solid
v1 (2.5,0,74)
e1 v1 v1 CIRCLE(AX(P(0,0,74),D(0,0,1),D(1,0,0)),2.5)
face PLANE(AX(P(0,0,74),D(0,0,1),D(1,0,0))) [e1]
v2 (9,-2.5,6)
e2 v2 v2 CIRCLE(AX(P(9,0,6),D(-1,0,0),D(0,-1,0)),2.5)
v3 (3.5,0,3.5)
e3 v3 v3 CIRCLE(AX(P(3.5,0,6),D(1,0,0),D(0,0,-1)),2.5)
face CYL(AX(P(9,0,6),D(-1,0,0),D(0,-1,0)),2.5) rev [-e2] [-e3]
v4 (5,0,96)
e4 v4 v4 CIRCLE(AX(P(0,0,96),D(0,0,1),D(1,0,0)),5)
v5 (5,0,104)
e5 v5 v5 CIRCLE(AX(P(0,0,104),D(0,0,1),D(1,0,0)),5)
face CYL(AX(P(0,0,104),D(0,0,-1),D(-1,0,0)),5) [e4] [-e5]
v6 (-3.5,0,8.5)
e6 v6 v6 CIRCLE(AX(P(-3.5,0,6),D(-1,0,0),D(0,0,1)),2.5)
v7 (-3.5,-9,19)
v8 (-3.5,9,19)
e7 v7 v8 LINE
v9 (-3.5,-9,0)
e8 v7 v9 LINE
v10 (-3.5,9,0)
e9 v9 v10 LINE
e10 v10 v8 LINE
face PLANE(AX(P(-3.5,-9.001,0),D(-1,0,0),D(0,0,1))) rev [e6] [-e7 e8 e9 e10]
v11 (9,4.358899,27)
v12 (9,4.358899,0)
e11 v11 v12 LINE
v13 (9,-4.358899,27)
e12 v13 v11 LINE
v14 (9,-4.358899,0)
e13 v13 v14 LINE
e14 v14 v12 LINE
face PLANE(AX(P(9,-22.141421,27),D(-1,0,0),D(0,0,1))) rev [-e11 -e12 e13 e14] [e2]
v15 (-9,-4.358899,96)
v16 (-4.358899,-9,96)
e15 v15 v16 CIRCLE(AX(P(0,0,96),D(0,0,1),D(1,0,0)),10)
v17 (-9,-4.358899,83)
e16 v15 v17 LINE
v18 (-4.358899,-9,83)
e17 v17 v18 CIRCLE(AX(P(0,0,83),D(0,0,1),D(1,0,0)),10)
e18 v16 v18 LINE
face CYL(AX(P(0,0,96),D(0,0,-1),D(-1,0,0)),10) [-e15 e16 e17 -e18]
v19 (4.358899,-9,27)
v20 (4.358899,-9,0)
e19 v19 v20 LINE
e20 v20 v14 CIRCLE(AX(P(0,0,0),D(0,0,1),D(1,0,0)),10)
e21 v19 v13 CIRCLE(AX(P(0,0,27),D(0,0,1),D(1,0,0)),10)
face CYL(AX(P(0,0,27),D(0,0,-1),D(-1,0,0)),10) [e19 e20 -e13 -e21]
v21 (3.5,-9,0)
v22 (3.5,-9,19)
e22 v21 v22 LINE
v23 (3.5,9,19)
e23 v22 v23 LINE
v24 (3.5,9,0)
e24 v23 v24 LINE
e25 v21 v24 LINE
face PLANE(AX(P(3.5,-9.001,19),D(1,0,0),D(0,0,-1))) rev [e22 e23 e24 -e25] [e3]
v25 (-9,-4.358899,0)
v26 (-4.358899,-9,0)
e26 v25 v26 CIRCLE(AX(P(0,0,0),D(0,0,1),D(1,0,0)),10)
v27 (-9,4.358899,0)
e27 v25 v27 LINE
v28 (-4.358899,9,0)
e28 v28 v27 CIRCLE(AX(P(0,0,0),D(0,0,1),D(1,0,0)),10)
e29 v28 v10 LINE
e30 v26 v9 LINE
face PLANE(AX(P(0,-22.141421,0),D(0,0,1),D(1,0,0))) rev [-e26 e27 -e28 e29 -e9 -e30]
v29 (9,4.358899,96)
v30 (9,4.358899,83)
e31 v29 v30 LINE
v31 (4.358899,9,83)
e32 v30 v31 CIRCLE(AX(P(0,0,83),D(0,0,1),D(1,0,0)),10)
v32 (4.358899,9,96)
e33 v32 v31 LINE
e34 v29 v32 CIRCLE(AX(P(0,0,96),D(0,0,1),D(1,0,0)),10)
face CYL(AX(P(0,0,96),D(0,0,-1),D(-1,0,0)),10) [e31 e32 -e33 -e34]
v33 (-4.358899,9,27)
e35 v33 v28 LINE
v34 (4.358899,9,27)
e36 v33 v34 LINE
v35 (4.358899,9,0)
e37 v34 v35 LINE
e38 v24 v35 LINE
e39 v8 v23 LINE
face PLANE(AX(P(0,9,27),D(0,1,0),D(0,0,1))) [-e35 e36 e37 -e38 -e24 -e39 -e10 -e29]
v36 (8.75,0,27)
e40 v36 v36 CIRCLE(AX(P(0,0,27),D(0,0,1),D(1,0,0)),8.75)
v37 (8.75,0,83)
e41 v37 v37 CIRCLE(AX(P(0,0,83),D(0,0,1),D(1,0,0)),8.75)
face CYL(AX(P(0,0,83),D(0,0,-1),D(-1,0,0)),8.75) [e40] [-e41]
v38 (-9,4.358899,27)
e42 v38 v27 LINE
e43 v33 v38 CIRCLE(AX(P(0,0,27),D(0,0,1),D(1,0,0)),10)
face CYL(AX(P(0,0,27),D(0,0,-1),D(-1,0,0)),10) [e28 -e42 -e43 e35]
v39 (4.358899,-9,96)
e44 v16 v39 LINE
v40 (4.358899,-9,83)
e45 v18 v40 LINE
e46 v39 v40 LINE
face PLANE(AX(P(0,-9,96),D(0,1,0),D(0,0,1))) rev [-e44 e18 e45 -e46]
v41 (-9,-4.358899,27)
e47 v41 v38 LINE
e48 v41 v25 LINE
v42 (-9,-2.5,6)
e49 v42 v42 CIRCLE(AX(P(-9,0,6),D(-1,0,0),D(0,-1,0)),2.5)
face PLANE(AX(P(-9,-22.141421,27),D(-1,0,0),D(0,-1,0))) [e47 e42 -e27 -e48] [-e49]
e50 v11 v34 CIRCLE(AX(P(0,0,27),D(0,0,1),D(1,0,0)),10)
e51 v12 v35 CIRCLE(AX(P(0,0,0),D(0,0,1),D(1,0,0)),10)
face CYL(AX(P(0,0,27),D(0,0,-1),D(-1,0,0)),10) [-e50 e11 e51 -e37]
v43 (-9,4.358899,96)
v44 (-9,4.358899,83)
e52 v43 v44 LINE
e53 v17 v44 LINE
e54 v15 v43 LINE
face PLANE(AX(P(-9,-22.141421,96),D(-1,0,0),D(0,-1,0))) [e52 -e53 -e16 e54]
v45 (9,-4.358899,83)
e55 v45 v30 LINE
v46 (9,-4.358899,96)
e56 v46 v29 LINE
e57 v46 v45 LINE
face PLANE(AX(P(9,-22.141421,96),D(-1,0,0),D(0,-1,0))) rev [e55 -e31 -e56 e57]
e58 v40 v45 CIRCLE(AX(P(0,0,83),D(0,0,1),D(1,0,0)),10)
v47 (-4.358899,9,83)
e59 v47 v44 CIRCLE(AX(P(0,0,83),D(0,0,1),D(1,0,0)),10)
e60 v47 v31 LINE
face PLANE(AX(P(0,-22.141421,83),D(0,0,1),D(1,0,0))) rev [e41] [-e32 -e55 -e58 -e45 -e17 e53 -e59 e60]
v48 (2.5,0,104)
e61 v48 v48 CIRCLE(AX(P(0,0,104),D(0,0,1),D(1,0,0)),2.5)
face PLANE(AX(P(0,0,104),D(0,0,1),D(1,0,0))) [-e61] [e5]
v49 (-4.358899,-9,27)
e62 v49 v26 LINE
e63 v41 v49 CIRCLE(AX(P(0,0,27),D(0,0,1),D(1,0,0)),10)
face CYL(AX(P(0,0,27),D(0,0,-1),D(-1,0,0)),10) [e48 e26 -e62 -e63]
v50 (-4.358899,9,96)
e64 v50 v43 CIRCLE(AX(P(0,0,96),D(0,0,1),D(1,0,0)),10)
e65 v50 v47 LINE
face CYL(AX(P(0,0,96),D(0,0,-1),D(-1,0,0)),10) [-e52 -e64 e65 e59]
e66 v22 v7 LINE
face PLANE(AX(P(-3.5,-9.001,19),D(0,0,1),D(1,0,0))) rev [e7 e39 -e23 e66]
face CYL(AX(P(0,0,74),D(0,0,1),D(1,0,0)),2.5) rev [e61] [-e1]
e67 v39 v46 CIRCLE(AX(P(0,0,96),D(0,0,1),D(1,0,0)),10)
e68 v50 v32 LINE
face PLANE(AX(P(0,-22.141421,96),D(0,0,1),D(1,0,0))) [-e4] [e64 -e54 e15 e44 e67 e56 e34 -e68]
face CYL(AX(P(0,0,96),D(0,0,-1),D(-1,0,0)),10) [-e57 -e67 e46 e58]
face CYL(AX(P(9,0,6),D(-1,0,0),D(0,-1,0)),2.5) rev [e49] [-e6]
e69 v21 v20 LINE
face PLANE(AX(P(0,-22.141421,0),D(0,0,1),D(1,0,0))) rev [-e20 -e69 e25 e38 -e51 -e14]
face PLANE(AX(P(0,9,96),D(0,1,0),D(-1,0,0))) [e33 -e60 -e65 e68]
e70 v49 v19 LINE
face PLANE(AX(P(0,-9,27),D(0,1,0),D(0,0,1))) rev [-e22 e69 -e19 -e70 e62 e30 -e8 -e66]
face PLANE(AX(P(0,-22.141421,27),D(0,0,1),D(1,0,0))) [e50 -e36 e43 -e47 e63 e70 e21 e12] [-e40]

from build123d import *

# Parameters (mm, degrees)
BOSS_EXTRUDE1_DEPTH = 27
SKETCH2_R           = 8.75
BOSS_EXTRUDE2_DEPTH = 56
SKETCH3_R           = 8.75
BOSS_EXTRUDE3_DEPTH = 13
SKETCH4_R           = 5
BOSS_EXTRUDE4_DEPTH = 8
SKETCH6_R           = 2.5
CUT_EXTRUDE1_DEPTH  = 30
CUT_EXTRUDE2_REACH  = 107.929
SKETCH8_R           = 2.5
CUT_EXTRUDE3_DEPTH  = 106.929221653


with BuildPart() as part:
    # Sketch1 → Boss-Extrude1 (new body)
    with BuildSketch(Plane.XY):
        with BuildLine():
            ThreePointArc((-9, -4.358898944), (-7.071067812, -7.071067812), (-4.358898944, -9))
            Line((-4.358898944, -9), (4.358898944, -9))
            ThreePointArc((4.358898944, -9), (7.071067812, -7.071067812), (9, -4.358898944))
            Line((9, -4.358898944), (9, 4.358898944))
            ThreePointArc((9, 4.358898944), (7.071067812, 7.071067812), (4.358898944, 9))
            Line((4.358898944, 9), (-4.358898944, 9))
            ThreePointArc((-4.358898944, 9), (-7.071067812, 7.071067812), (-9, 4.358898944))
            Line((-9, 4.358898944), (-9, -4.358898944))
        make_face()
    extrude(amount=BOSS_EXTRUDE1_DEPTH)

    # Sketch2 → Boss-Extrude2 (add)
    with BuildSketch(Plane.XY.offset(27)):
        Circle(SKETCH2_R)
    extrude(amount=BOSS_EXTRUDE2_DEPTH)

    # Sketch3 → Boss-Extrude3 (add)
    # profile 1 of 2: a face of its own
    with BuildSketch(Plane.XY.offset(83)):
        with BuildLine():
            ThreePointArc((-9, -4.358898944), (-7.071067812, -7.071067812), (-4.358898944, -9))
            Line((-4.358898944, -9), (4.358898944, -9))
            ThreePointArc((4.358898944, -9), (7.071067812, -7.071067812), (9, -4.358898944))
            Line((9, -4.358898944), (9, 4.358898944))
            ThreePointArc((9, 4.358898944), (7.071067812, 7.071067812), (4.358898944, 9))
            Line((4.358898944, 9), (-4.358898944, 9))
            ThreePointArc((-4.358898944, 9), (-7.071067812, 7.071067812), (-9, 4.358898944))
            Line((-9, 4.358898944), (-9, -4.358898944))
        make_face()
        Circle(SKETCH3_R, mode=Mode.SUBTRACT)
    # profile 2 of 2: a face of its own
    with BuildSketch(Plane.XY.offset(83)):
        Circle(SKETCH3_R)
    extrude(amount=BOSS_EXTRUDE3_DEPTH)

    # Sketch4 → Boss-Extrude4 (add)
    with BuildSketch(Plane.XY.offset(96)):
        Circle(SKETCH4_R)
    extrude(amount=BOSS_EXTRUDE4_DEPTH)

    # Sketch6 → Cut-Extrude1 (cut)
    with BuildSketch(Plane.XY.offset(104)):
        Circle(SKETCH6_R)
    extrude(amount=-CUT_EXTRUDE1_DEPTH, mode=Mode.SUBTRACT)

    # Sketch7 → Cut-Extrude2 (cut, up to next)
    with BuildSketch(Plane(origin=(0, 9, 0), x_dir=(1, 0, 0), z_dir=(0, 1, 0)), mode=Mode.PRIVATE) as cut_extrude2_sk1:
        Polygon((0, 0), (-3.5, 0), (-3.5, -19), (3.5, -19), (3.5, 0), align=None)
    cut_extrude2_tool1 = extrude(cut_extrude2_sk1.sketch, amount=-CUT_EXTRUDE2_REACH, mode=Mode.PRIVATE) & part.part
    add(cut_extrude2_tool1.solids().sort_by_distance((0, 9, 9.5))[0], mode=Mode.SUBTRACT)

    # Sketch8 → Cut-Extrude3 (cut, through all)
    with BuildSketch(Plane.ZY.offset(9)):
        with Locations(Location((6, 0, 0), (0, 0, 270))):
            Circle(SKETCH8_R)
    extrude(amount=-CUT_EXTRUDE3_DEPTH, mode=Mode.SUBTRACT)


solid = part.part
